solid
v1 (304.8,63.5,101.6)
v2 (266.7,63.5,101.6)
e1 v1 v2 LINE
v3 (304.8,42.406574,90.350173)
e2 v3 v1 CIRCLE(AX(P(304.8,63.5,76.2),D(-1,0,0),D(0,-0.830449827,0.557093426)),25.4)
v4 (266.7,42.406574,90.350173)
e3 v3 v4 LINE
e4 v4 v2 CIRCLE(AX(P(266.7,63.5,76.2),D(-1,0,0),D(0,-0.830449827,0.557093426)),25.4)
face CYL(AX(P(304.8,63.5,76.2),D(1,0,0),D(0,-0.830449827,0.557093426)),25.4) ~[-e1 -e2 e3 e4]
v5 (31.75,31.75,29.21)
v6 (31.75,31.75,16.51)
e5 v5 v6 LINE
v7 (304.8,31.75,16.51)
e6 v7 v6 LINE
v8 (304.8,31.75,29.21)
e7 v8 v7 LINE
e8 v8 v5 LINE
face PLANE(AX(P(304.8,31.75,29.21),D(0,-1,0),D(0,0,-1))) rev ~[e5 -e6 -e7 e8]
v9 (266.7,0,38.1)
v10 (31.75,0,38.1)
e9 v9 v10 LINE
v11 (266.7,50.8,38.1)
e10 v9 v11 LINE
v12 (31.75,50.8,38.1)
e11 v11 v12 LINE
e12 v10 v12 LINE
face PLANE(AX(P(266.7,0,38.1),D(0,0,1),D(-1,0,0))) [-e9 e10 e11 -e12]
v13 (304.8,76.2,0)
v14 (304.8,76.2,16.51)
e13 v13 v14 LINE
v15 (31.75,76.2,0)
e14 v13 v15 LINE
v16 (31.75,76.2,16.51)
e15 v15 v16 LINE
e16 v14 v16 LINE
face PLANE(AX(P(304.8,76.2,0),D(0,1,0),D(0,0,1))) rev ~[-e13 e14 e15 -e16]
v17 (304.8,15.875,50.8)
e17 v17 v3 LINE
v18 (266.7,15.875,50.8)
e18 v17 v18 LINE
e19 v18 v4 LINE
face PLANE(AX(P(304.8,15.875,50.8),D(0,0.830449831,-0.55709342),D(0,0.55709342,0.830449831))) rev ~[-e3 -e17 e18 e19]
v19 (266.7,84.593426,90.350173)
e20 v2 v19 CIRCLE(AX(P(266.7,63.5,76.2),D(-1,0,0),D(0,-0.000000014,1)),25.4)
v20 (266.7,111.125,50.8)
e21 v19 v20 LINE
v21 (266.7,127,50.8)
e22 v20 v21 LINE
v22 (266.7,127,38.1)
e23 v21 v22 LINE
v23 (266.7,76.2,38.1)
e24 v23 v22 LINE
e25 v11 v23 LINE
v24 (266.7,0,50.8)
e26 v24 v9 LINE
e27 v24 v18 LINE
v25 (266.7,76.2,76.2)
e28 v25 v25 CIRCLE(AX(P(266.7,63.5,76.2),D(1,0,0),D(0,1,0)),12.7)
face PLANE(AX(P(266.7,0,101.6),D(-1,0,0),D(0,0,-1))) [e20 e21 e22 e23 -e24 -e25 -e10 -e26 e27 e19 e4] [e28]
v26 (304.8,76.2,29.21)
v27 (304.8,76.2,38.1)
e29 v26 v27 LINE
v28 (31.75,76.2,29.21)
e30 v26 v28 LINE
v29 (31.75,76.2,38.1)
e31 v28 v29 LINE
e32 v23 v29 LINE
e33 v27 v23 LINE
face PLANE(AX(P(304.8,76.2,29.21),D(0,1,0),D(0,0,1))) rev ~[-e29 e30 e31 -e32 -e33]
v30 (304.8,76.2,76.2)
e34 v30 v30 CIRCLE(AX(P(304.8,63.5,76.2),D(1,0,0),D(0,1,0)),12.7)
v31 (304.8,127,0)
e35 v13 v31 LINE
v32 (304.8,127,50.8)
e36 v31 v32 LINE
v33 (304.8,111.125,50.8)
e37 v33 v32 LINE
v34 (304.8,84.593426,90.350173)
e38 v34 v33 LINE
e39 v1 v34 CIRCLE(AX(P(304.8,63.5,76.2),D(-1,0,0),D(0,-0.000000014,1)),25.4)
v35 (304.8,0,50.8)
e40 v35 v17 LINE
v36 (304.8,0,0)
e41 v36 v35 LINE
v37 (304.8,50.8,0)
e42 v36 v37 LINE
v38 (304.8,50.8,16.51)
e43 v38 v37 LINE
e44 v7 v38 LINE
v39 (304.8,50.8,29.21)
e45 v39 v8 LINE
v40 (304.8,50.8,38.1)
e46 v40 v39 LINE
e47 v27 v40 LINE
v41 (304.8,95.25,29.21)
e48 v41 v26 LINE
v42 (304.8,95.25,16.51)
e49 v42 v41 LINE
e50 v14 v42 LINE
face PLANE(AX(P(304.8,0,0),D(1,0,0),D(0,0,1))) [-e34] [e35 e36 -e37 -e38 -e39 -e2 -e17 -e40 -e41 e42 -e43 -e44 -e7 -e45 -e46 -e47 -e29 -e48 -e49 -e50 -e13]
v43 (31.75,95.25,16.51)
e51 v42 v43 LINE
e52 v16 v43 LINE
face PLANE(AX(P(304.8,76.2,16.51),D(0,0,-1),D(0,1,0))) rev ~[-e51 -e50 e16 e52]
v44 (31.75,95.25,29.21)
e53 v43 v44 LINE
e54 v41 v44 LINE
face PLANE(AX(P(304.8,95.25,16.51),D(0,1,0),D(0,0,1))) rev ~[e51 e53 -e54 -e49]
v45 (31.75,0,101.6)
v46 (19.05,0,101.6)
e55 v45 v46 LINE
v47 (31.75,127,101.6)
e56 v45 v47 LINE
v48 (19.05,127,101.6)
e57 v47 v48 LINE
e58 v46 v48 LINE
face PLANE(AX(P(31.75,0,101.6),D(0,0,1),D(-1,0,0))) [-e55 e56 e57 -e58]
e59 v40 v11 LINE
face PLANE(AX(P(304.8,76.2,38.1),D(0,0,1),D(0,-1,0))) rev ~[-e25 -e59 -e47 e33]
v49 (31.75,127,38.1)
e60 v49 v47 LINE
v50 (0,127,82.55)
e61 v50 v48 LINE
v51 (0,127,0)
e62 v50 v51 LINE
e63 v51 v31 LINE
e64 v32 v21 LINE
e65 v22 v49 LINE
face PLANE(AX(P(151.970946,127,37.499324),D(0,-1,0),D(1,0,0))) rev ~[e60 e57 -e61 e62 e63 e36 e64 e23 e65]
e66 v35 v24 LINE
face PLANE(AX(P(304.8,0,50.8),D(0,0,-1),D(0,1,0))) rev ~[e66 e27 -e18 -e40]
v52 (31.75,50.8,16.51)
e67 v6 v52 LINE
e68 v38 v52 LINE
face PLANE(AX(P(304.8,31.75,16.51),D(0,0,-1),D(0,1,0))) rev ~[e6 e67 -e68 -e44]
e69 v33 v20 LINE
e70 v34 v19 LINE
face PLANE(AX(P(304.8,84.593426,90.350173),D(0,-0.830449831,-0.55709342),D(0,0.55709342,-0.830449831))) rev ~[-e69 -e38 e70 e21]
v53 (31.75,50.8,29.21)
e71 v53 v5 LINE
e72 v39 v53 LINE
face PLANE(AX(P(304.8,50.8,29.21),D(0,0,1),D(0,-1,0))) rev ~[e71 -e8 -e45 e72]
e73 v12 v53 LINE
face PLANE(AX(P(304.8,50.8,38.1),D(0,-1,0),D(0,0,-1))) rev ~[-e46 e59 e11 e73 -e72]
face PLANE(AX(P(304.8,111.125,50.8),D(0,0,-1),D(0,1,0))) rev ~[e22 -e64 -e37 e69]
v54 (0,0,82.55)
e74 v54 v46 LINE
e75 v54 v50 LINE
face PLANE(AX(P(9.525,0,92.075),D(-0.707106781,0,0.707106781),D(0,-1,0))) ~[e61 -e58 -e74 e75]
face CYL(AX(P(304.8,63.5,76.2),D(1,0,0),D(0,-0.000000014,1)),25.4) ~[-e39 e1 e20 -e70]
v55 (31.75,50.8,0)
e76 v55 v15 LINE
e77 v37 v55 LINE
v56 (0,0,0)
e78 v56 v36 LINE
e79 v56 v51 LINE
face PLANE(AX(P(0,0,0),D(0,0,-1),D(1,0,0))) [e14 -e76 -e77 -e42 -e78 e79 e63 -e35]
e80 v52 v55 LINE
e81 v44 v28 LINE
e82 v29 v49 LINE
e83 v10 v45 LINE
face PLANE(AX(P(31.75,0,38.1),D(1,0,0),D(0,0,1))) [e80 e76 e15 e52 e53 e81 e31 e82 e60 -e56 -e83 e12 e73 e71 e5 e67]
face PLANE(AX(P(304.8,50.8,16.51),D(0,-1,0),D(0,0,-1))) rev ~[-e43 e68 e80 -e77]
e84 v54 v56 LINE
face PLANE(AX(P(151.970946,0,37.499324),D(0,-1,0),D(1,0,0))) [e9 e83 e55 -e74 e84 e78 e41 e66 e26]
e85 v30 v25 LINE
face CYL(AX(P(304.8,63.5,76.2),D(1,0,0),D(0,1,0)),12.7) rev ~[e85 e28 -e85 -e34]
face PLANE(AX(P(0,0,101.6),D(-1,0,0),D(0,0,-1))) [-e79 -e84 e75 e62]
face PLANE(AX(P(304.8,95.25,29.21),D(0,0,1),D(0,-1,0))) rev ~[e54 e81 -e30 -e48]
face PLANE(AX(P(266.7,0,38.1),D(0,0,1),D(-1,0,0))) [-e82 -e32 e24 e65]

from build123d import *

# Parameters (mm, degrees)
F1_DEPTH = 127
F2_SIZE2 = 19.05
F2_SIZE  = 19.05
F4_DEPTH = 38.1
F5_R     = 12.7
F6_DEPTH = 38.1
F8_DEPTH = 273.05


with BuildPart() as f1:
    # F0 (on Front) → F1 (new body)
    with BuildSketch(Plane.XZ):
        Polygon((0, 101.6), (0, 0), (304.8, 0), (304.8, 101.6), (266.7, 101.6), (266.7, 38.1), (31.75, 38.1), (31.75, 101.6), align=None)
    extrude(amount=-F1_DEPTH)

    # F2
    f2_edges = [f1.edges().sort_by_distance(p)[0] for p in [
        (0, 63.5, 101.6),
    ]]
    chamfer(f2_edges, length=F2_SIZE, length2=F2_SIZE2)

    # F3 (on face) → F4 (cut)
    with BuildSketch(Plane.YZ.offset(304.8)):
        with BuildLine():
            Line((0, 101.6), (0, 50.8))
            Line((0, 50.8), (15.875, 50.8))
            Line((15.875, 50.8), (42.406574, 90.350173))
            ThreePointArc((42.406574, 90.350173), (51.547059, 98.611765), (63.5, 101.6))
            Line((63.5, 101.6), (0, 101.6))
        make_face()
        with BuildLine():
            Line((127, 101.6), (63.5, 101.6))
            ThreePointArc((63.5, 101.6), (75.452941, 98.611765), (84.593426, 90.350173))
            Line((84.593426, 90.350173), (111.125, 50.8))
            Line((111.125, 50.8), (127, 50.8))
            Line((127, 50.8), (127, 101.6))
        make_face()
    extrude(amount=-F4_DEPTH, mode=Mode.SUBTRACT)

    # F5 (on face) → F6 (cut)
    with BuildSketch(Plane.YZ.offset(304.8)):
        with Locations((63.5, 76.2)):
            Circle(F5_R)
    extrude(amount=-F6_DEPTH, mode=Mode.SUBTRACT)

    # F7 (on face) → F8 (cut)
    with BuildSketch(Plane.YZ.offset(304.8)):
        Polygon((50.8, 16.51), (50.8, 0), (76.2, 0), (76.2, 16.51), (95.25, 16.51), (95.25, 29.21), (76.2, 29.21), (76.2, 38.1), (50.8, 38.1), (50.8, 29.21), (31.75, 29.21), (31.75, 16.51), align=None)
    extrude(amount=-F8_DEPTH, mode=Mode.SUBTRACT)


solid = f1.part
